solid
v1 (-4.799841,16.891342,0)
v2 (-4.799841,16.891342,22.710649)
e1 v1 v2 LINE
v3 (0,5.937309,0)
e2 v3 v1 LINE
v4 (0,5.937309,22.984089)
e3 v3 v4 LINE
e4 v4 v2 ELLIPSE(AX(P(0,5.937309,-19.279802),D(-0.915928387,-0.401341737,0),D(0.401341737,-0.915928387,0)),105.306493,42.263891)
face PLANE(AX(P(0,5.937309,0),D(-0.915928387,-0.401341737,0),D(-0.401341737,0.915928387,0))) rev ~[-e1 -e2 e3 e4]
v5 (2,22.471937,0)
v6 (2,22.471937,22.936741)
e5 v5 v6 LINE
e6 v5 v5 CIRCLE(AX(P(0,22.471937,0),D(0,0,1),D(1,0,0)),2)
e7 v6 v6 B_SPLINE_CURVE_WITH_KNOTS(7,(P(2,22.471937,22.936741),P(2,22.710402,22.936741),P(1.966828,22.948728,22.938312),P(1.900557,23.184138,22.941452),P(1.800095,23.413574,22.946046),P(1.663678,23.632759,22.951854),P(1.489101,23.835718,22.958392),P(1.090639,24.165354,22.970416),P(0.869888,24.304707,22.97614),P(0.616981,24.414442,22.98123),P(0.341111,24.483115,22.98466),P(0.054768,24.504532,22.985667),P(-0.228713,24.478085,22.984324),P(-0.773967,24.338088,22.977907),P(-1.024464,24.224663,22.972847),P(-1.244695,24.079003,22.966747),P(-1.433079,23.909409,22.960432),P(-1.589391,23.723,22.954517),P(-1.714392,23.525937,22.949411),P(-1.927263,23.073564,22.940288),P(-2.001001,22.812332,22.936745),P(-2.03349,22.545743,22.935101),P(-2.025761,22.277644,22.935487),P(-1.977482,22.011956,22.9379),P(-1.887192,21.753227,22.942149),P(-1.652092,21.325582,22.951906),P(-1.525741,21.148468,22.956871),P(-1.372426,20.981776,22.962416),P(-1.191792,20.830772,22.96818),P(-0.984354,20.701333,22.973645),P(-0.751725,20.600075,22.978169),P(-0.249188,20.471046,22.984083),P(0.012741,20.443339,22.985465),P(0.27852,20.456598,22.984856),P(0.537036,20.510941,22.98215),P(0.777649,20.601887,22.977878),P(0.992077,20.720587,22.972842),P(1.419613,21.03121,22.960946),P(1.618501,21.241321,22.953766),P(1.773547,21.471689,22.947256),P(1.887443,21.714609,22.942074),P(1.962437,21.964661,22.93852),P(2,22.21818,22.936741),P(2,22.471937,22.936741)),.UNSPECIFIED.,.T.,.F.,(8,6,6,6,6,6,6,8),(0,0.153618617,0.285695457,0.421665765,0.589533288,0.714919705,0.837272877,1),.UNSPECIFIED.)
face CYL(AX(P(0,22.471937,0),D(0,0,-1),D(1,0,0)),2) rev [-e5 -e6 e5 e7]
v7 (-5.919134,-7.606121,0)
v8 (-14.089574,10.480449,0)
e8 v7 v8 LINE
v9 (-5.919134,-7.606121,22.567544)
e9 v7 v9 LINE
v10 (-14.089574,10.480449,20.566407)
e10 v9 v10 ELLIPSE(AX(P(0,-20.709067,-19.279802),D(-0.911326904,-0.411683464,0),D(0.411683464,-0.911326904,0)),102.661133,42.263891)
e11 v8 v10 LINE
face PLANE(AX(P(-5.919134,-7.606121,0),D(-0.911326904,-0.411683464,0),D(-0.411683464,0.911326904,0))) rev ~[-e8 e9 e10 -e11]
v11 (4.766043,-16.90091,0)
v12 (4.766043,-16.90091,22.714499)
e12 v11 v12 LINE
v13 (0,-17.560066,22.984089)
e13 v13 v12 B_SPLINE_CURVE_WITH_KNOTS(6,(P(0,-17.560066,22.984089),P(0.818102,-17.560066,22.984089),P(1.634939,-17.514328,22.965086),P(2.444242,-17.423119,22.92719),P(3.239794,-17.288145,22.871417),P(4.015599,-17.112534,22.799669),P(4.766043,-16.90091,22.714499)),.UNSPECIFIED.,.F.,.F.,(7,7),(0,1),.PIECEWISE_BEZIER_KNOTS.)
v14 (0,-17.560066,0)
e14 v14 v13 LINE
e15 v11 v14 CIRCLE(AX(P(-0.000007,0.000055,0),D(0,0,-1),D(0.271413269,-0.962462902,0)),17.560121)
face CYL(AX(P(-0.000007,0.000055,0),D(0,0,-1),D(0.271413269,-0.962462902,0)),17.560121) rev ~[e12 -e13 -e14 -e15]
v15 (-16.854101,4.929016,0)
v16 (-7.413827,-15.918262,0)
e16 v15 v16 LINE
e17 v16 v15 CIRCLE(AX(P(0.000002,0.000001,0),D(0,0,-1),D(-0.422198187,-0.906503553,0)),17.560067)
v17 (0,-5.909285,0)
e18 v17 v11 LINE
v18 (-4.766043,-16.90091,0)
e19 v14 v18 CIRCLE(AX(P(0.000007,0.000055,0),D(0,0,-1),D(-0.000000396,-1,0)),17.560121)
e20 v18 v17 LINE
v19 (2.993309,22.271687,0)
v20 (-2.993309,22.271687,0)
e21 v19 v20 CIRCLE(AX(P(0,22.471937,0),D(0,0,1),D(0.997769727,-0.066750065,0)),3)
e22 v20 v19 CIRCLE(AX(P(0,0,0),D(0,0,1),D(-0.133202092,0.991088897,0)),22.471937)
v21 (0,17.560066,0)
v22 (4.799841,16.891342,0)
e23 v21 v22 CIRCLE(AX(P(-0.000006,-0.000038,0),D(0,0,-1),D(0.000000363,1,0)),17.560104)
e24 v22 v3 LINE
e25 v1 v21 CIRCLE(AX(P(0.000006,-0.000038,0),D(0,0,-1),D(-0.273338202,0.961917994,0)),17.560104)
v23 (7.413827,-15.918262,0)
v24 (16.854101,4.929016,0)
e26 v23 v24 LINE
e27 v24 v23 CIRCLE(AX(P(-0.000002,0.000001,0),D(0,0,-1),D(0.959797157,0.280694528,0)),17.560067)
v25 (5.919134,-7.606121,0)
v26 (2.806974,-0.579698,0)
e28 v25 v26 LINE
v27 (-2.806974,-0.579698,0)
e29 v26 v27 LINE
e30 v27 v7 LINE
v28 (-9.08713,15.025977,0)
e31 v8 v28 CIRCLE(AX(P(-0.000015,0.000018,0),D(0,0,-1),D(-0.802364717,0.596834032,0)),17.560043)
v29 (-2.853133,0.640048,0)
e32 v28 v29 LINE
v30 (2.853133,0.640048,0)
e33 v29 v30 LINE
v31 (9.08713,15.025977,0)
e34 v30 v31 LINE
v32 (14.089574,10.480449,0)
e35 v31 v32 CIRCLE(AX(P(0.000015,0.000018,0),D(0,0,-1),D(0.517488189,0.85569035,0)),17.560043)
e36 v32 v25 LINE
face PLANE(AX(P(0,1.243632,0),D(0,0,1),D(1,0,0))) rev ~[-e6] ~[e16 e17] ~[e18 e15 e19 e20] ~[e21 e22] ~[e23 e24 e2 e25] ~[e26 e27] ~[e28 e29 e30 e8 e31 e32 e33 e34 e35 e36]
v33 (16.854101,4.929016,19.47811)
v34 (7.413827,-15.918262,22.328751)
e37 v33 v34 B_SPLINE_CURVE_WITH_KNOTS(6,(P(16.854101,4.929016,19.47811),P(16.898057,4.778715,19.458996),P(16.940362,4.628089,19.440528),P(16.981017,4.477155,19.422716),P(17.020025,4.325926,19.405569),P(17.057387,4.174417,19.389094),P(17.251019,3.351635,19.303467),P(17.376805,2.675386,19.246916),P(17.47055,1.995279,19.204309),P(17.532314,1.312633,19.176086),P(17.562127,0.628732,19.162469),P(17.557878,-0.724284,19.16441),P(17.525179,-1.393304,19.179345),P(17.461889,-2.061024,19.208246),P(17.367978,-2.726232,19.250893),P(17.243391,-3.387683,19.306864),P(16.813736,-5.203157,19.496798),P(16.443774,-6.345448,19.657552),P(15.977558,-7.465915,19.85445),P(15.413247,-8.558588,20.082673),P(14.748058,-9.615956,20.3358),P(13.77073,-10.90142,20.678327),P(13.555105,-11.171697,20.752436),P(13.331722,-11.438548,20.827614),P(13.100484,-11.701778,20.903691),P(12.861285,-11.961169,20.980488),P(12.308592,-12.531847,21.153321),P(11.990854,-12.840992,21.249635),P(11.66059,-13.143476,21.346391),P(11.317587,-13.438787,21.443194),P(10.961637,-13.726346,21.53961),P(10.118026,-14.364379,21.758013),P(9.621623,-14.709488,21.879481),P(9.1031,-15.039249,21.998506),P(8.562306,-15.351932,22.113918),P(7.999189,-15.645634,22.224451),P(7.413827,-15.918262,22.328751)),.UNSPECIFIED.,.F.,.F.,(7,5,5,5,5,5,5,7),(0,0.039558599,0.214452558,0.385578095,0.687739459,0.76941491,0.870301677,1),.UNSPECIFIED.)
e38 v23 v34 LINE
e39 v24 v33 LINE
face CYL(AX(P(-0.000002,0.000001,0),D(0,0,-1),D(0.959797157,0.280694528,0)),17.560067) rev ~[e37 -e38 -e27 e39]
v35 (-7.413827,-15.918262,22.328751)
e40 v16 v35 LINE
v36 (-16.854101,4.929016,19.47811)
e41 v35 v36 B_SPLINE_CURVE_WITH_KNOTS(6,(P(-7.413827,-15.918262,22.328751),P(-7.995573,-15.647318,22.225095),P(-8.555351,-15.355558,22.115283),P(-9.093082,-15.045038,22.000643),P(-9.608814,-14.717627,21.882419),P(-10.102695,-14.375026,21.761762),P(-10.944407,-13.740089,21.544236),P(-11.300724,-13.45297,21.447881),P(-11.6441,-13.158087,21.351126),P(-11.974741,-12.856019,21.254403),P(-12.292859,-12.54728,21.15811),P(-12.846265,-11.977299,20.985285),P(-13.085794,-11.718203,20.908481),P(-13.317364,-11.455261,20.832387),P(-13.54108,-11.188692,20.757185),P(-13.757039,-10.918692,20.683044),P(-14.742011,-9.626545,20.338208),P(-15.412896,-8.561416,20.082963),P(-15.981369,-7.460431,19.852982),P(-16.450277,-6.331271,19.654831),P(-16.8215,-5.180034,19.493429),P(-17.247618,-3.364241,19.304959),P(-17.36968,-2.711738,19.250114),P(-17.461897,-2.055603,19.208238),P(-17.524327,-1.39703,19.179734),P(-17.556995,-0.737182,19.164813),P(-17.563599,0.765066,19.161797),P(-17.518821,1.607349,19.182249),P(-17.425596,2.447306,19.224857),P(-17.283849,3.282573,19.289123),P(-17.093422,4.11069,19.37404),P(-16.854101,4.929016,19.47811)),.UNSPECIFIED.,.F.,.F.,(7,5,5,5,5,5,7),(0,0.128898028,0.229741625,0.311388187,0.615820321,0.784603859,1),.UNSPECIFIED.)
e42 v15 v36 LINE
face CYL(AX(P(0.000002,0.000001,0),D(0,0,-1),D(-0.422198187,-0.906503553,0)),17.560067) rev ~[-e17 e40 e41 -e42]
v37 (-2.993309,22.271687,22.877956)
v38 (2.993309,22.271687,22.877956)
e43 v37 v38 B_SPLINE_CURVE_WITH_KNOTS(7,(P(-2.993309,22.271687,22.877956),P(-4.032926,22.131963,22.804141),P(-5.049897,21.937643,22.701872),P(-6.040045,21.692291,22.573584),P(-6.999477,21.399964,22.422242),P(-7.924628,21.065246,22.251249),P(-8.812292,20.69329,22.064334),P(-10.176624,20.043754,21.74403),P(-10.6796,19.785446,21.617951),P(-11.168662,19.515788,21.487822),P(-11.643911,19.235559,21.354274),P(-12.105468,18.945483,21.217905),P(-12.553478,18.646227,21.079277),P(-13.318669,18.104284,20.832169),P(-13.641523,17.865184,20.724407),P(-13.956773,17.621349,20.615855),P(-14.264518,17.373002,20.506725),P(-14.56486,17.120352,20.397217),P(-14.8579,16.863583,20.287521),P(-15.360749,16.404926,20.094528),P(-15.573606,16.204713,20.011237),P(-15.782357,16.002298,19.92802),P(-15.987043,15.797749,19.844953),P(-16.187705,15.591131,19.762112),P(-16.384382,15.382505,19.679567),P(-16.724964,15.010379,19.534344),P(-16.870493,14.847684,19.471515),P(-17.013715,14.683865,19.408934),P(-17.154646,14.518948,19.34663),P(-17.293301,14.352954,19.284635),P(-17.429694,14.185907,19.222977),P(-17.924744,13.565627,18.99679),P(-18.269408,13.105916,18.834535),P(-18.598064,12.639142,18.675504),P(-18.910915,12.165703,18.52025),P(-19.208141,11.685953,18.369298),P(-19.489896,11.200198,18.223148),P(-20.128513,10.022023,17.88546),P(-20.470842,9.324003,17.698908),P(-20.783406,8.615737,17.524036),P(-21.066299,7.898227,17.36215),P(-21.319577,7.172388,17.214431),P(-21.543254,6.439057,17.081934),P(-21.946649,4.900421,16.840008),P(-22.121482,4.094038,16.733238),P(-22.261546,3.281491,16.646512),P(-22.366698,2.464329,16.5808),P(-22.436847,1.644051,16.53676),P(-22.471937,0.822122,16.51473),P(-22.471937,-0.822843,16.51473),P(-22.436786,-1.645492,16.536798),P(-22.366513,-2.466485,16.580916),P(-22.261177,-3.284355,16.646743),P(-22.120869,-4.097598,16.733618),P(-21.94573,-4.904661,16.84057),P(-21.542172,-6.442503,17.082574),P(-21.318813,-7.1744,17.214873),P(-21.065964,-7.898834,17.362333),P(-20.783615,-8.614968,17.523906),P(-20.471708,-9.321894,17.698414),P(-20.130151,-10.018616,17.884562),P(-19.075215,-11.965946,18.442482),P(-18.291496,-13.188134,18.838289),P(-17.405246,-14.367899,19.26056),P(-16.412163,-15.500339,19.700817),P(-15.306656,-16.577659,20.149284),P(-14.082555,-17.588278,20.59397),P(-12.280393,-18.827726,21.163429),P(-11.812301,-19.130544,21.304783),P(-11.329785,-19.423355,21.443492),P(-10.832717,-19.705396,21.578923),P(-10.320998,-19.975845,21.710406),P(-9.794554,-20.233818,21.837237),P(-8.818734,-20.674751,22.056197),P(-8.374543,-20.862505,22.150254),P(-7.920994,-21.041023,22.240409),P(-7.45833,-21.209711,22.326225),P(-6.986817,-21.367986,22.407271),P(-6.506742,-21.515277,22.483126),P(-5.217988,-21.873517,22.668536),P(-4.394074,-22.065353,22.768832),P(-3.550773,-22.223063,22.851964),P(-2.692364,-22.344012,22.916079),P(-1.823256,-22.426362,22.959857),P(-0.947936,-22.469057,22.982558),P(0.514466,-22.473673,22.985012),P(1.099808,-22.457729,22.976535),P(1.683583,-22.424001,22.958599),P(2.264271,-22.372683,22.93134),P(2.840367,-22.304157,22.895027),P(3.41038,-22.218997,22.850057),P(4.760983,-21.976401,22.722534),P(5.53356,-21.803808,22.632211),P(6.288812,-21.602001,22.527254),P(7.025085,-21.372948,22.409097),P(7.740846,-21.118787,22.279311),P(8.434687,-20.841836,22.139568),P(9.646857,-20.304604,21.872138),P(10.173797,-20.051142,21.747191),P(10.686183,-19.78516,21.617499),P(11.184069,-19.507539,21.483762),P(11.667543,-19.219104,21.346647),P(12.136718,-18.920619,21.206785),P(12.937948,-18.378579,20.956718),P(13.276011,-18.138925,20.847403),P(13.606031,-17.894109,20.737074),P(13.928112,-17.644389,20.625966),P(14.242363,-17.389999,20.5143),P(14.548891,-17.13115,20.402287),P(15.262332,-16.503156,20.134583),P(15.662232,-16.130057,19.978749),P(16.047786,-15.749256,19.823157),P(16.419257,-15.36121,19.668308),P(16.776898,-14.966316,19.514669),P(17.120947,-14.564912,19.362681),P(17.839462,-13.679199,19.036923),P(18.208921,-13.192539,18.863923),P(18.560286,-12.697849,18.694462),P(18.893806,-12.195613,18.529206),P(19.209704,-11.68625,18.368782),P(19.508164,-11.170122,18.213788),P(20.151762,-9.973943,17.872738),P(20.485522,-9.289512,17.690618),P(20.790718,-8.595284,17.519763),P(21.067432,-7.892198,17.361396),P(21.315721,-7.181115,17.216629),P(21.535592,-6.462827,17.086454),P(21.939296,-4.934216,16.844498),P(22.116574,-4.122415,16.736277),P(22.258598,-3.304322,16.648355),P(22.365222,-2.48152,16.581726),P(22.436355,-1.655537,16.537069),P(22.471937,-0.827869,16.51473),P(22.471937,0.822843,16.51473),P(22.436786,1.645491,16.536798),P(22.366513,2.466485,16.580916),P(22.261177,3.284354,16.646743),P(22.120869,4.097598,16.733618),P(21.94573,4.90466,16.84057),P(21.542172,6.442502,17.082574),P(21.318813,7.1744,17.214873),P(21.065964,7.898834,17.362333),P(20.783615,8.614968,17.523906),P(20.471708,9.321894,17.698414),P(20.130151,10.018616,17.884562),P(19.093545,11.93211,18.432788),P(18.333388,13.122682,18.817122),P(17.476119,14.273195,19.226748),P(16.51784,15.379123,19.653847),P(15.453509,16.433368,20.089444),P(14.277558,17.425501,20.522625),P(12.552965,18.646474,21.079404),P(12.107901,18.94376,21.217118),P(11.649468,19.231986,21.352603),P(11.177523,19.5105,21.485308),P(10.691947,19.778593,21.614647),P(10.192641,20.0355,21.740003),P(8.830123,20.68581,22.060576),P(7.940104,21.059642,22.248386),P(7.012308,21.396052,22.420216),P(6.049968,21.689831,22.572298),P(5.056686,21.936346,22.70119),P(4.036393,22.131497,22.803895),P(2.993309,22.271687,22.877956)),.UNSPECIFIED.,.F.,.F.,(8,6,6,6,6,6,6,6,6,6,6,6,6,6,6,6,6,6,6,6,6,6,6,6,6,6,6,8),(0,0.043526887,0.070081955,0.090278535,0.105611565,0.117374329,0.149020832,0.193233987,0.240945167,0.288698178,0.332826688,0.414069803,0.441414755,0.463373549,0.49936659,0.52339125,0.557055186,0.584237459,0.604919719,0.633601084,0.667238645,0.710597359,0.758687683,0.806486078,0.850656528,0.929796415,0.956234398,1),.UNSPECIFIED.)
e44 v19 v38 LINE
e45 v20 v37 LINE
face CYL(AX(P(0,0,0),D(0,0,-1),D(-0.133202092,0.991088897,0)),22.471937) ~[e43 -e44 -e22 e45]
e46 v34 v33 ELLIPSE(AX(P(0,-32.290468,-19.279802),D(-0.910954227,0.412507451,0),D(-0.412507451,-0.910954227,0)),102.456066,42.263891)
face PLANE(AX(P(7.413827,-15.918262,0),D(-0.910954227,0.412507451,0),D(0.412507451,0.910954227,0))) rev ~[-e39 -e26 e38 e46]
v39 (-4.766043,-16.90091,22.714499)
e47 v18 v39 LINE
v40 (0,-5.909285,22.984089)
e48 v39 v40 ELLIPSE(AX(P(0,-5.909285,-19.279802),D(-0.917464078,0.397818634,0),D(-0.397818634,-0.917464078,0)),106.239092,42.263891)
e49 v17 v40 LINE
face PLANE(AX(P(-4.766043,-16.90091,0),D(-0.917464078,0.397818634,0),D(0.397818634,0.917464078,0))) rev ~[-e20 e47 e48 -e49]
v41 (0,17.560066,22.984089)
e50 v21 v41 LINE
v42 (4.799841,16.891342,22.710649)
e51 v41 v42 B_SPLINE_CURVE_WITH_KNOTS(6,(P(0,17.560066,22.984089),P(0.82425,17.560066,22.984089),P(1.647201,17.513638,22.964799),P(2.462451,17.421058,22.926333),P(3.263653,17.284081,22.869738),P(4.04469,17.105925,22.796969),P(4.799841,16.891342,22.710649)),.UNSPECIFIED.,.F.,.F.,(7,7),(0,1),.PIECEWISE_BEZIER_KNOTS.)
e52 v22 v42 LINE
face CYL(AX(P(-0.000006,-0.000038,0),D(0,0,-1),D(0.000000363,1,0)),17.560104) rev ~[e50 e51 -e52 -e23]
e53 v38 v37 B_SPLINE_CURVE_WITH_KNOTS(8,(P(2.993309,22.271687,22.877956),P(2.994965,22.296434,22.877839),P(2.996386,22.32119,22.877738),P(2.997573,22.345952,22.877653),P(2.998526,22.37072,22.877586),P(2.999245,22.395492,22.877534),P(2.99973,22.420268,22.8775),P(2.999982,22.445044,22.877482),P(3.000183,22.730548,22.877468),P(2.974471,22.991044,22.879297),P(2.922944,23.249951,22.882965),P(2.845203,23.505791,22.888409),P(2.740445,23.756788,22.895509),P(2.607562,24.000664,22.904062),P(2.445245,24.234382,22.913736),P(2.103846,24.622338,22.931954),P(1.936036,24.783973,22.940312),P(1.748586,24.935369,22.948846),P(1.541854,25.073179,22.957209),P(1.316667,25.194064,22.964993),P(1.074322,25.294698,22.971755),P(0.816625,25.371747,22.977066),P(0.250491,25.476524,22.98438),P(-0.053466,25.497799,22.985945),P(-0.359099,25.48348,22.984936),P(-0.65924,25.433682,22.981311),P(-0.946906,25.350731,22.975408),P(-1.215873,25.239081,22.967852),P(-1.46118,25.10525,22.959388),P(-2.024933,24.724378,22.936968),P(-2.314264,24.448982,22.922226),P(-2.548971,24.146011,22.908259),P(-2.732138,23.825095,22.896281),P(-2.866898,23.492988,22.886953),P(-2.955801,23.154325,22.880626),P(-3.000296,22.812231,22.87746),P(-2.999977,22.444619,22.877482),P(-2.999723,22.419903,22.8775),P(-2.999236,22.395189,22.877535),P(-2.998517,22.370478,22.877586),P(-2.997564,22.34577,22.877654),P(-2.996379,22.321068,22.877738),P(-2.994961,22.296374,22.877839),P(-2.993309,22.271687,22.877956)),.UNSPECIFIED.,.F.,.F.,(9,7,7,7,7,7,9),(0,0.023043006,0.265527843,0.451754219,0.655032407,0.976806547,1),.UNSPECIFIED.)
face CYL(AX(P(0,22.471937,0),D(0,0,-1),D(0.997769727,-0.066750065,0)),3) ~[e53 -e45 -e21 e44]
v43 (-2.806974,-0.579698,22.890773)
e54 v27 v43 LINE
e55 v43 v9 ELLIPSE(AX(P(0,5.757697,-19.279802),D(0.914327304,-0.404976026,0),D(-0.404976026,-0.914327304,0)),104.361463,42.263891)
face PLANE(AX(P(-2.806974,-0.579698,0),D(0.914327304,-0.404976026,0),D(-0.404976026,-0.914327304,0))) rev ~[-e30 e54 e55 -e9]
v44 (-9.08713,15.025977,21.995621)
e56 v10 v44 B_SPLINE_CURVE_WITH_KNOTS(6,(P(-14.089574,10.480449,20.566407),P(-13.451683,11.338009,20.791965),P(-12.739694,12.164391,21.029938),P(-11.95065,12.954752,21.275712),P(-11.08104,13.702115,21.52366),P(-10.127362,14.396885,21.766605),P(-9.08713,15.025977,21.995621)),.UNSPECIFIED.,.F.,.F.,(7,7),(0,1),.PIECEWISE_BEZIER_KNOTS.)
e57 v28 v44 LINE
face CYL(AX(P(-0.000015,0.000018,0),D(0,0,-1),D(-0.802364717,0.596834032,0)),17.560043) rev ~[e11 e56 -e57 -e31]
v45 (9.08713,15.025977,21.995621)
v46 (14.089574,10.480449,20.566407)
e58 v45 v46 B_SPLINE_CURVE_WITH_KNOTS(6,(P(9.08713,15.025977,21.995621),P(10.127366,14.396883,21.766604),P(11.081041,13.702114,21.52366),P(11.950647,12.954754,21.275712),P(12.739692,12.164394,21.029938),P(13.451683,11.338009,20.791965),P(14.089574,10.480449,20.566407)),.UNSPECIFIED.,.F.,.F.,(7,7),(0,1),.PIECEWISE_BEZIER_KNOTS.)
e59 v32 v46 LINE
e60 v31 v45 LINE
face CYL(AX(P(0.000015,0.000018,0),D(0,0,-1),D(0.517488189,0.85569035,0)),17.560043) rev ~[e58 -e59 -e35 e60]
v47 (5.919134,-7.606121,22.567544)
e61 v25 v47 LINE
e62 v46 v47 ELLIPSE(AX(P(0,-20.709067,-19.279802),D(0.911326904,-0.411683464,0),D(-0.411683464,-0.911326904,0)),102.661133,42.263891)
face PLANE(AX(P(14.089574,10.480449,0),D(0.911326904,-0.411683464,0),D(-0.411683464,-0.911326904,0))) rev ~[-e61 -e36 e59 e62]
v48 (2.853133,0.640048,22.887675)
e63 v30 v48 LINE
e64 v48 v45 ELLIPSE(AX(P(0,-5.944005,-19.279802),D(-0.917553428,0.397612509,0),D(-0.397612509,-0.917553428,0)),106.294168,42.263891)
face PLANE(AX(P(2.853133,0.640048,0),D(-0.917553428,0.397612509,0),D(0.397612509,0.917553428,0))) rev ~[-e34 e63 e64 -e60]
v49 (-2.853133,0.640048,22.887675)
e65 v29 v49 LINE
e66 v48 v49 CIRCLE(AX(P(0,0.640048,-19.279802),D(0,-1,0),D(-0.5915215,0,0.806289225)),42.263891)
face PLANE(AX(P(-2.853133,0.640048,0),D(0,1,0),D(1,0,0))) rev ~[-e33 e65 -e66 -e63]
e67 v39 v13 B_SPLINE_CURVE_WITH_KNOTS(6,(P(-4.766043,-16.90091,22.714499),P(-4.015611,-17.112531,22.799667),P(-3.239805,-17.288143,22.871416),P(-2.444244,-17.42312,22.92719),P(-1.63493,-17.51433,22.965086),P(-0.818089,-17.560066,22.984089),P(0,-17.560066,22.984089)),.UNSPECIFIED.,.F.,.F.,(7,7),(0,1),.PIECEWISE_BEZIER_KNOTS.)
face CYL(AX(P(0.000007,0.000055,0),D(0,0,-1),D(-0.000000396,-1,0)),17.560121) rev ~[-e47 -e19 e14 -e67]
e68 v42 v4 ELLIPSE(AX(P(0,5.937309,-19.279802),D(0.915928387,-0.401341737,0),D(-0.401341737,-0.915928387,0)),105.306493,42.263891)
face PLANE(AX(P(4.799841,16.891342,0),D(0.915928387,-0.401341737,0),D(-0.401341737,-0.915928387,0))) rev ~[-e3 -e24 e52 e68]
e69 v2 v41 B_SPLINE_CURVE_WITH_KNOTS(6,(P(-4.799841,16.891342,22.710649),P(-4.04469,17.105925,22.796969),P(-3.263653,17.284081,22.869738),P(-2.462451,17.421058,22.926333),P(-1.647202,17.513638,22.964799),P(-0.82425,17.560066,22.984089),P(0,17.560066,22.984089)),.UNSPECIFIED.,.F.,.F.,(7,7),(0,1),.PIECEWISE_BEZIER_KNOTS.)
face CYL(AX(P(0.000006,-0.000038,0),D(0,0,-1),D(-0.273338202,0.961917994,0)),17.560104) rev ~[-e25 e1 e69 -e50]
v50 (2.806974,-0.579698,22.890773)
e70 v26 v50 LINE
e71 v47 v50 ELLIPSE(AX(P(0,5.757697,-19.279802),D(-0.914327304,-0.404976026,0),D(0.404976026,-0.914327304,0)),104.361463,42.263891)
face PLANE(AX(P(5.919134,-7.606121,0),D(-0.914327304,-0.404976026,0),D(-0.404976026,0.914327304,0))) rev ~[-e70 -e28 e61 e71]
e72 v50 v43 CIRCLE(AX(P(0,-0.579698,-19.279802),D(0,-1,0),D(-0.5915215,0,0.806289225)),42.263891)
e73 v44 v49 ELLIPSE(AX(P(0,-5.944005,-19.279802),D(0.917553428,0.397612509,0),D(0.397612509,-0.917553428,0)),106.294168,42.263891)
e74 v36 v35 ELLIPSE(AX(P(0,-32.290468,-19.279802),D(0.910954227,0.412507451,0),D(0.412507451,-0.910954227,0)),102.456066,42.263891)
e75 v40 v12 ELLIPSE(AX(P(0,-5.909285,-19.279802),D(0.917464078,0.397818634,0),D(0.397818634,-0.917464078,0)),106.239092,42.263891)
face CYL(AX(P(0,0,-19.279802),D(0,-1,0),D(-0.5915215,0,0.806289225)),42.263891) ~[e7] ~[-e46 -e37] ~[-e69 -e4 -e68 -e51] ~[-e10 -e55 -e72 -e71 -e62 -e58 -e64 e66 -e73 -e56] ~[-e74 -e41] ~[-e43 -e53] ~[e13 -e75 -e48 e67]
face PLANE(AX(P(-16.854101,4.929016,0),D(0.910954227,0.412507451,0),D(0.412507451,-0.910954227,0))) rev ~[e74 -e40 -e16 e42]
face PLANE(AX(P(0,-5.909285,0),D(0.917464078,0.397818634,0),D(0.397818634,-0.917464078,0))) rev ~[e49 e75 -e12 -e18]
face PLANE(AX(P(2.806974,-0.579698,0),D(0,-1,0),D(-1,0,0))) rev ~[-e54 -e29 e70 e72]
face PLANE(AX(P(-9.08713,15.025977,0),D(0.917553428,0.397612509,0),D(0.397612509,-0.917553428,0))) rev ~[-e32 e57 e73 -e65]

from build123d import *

# Parameters (mm, degrees)
F0_R     = 2
F1_DEPTH = 25
F3_DEPTH = 29.5


with BuildPart() as f1:
    # F0 (on Top) → F1 (new body)
    with BuildSketch(Plane.XY):
        with BuildLine():
            ThreePointArc((2.993309, 22.271687), (0, 25.471937), (-2.993309, 22.271687))
            ThreePointArc((-2.993309, 22.271687), (0, -22.471937), (2.993309, 22.271687))
        make_face()
        with BuildLine():
            Line((-4.766043, -16.90091), (0, -5.909285))
            Line((0, -5.909285), (4.766043, -16.90091))
            ThreePointArc((4.766043, -16.90091), (2.405704, -17.394496), (0, -17.560066))
            ThreePointArc((0, -17.560066), (-2.405704, -17.394496), (-4.766043, -16.90091))
        make_face(mode=Mode.SUBTRACT)
        with BuildLine():
            ThreePointArc((-7.413827, -15.918262), (-15.996416, -7.243657), (-16.854101, 4.929016))
            Line((-16.854101, 4.929016), (-7.413827, -15.918262))
        make_face(mode=Mode.SUBTRACT)
        with BuildLine():
            Line((7.413827, -15.918262), (16.854101, 4.929016))
            ThreePointArc((16.854101, 4.929016), (15.996416, -7.243657), (7.413827, -15.918262))
        make_face(mode=Mode.SUBTRACT)
        with BuildLine():
            ThreePointArc((-14.089574, 10.480449), (-11.809122, 12.996175), (-9.08713, 15.025977))
            Line((-9.08713, 15.025977), (-2.853133, 0.640048))
            Line((-2.853133, 0.640048), (0, 0.640048))
            Line((0, 0.640048), (2.853133, 0.640048))
            Line((2.853133, 0.640048), (9.08713, 15.025977))
            ThreePointArc((9.08713, 15.025977), (11.809122, 12.996175), (14.089574, 10.480449))
            Line((14.089574, 10.480449), (5.919134, -7.606121))
            Line((5.919134, -7.606121), (2.806974, -0.579698))
            Line((2.806974, -0.579698), (0, -0.579698))
            Line((0, -0.579698), (-2.806974, -0.579698))
            Line((-2.806974, -0.579698), (-5.919134, -7.606121))
            Line((-5.919134, -7.606121), (-14.089574, 10.480449))
        make_face(mode=Mode.SUBTRACT)
        with BuildLine():
            Line((0, 5.937309), (-4.799841, 16.891342))
            ThreePointArc((-4.799841, 16.891342), (-2.423101, 17.392081), (0, 17.560066))
            ThreePointArc((0, 17.560066), (2.423101, 17.392081), (4.799841, 16.891342))
            Line((4.799841, 16.891342), (0, 5.937309))
        make_face(mode=Mode.SUBTRACT)
        with Locations((0, 22.471937)):
            Circle(F0_R, mode=Mode.SUBTRACT)
    extrude(amount=F1_DEPTH)

    # F2 (on Front) → F3 (cut, symmetric)
    with BuildSketch(Plane.XZ):
        with BuildLine():
            ThreePointArc((-25, 14.797118), (0, 22.984089), (25, 14.797118))
            Line((25, 14.797118), (25.056494, 26.376059))
            Line((25.056494, 26.376059), (-25, 26.376059))
            Line((-25, 26.376059), (-25, 14.797118))
        make_face()
    extrude(amount=F3_DEPTH, both=True, mode=Mode.SUBTRACT)


solid = f1.part
